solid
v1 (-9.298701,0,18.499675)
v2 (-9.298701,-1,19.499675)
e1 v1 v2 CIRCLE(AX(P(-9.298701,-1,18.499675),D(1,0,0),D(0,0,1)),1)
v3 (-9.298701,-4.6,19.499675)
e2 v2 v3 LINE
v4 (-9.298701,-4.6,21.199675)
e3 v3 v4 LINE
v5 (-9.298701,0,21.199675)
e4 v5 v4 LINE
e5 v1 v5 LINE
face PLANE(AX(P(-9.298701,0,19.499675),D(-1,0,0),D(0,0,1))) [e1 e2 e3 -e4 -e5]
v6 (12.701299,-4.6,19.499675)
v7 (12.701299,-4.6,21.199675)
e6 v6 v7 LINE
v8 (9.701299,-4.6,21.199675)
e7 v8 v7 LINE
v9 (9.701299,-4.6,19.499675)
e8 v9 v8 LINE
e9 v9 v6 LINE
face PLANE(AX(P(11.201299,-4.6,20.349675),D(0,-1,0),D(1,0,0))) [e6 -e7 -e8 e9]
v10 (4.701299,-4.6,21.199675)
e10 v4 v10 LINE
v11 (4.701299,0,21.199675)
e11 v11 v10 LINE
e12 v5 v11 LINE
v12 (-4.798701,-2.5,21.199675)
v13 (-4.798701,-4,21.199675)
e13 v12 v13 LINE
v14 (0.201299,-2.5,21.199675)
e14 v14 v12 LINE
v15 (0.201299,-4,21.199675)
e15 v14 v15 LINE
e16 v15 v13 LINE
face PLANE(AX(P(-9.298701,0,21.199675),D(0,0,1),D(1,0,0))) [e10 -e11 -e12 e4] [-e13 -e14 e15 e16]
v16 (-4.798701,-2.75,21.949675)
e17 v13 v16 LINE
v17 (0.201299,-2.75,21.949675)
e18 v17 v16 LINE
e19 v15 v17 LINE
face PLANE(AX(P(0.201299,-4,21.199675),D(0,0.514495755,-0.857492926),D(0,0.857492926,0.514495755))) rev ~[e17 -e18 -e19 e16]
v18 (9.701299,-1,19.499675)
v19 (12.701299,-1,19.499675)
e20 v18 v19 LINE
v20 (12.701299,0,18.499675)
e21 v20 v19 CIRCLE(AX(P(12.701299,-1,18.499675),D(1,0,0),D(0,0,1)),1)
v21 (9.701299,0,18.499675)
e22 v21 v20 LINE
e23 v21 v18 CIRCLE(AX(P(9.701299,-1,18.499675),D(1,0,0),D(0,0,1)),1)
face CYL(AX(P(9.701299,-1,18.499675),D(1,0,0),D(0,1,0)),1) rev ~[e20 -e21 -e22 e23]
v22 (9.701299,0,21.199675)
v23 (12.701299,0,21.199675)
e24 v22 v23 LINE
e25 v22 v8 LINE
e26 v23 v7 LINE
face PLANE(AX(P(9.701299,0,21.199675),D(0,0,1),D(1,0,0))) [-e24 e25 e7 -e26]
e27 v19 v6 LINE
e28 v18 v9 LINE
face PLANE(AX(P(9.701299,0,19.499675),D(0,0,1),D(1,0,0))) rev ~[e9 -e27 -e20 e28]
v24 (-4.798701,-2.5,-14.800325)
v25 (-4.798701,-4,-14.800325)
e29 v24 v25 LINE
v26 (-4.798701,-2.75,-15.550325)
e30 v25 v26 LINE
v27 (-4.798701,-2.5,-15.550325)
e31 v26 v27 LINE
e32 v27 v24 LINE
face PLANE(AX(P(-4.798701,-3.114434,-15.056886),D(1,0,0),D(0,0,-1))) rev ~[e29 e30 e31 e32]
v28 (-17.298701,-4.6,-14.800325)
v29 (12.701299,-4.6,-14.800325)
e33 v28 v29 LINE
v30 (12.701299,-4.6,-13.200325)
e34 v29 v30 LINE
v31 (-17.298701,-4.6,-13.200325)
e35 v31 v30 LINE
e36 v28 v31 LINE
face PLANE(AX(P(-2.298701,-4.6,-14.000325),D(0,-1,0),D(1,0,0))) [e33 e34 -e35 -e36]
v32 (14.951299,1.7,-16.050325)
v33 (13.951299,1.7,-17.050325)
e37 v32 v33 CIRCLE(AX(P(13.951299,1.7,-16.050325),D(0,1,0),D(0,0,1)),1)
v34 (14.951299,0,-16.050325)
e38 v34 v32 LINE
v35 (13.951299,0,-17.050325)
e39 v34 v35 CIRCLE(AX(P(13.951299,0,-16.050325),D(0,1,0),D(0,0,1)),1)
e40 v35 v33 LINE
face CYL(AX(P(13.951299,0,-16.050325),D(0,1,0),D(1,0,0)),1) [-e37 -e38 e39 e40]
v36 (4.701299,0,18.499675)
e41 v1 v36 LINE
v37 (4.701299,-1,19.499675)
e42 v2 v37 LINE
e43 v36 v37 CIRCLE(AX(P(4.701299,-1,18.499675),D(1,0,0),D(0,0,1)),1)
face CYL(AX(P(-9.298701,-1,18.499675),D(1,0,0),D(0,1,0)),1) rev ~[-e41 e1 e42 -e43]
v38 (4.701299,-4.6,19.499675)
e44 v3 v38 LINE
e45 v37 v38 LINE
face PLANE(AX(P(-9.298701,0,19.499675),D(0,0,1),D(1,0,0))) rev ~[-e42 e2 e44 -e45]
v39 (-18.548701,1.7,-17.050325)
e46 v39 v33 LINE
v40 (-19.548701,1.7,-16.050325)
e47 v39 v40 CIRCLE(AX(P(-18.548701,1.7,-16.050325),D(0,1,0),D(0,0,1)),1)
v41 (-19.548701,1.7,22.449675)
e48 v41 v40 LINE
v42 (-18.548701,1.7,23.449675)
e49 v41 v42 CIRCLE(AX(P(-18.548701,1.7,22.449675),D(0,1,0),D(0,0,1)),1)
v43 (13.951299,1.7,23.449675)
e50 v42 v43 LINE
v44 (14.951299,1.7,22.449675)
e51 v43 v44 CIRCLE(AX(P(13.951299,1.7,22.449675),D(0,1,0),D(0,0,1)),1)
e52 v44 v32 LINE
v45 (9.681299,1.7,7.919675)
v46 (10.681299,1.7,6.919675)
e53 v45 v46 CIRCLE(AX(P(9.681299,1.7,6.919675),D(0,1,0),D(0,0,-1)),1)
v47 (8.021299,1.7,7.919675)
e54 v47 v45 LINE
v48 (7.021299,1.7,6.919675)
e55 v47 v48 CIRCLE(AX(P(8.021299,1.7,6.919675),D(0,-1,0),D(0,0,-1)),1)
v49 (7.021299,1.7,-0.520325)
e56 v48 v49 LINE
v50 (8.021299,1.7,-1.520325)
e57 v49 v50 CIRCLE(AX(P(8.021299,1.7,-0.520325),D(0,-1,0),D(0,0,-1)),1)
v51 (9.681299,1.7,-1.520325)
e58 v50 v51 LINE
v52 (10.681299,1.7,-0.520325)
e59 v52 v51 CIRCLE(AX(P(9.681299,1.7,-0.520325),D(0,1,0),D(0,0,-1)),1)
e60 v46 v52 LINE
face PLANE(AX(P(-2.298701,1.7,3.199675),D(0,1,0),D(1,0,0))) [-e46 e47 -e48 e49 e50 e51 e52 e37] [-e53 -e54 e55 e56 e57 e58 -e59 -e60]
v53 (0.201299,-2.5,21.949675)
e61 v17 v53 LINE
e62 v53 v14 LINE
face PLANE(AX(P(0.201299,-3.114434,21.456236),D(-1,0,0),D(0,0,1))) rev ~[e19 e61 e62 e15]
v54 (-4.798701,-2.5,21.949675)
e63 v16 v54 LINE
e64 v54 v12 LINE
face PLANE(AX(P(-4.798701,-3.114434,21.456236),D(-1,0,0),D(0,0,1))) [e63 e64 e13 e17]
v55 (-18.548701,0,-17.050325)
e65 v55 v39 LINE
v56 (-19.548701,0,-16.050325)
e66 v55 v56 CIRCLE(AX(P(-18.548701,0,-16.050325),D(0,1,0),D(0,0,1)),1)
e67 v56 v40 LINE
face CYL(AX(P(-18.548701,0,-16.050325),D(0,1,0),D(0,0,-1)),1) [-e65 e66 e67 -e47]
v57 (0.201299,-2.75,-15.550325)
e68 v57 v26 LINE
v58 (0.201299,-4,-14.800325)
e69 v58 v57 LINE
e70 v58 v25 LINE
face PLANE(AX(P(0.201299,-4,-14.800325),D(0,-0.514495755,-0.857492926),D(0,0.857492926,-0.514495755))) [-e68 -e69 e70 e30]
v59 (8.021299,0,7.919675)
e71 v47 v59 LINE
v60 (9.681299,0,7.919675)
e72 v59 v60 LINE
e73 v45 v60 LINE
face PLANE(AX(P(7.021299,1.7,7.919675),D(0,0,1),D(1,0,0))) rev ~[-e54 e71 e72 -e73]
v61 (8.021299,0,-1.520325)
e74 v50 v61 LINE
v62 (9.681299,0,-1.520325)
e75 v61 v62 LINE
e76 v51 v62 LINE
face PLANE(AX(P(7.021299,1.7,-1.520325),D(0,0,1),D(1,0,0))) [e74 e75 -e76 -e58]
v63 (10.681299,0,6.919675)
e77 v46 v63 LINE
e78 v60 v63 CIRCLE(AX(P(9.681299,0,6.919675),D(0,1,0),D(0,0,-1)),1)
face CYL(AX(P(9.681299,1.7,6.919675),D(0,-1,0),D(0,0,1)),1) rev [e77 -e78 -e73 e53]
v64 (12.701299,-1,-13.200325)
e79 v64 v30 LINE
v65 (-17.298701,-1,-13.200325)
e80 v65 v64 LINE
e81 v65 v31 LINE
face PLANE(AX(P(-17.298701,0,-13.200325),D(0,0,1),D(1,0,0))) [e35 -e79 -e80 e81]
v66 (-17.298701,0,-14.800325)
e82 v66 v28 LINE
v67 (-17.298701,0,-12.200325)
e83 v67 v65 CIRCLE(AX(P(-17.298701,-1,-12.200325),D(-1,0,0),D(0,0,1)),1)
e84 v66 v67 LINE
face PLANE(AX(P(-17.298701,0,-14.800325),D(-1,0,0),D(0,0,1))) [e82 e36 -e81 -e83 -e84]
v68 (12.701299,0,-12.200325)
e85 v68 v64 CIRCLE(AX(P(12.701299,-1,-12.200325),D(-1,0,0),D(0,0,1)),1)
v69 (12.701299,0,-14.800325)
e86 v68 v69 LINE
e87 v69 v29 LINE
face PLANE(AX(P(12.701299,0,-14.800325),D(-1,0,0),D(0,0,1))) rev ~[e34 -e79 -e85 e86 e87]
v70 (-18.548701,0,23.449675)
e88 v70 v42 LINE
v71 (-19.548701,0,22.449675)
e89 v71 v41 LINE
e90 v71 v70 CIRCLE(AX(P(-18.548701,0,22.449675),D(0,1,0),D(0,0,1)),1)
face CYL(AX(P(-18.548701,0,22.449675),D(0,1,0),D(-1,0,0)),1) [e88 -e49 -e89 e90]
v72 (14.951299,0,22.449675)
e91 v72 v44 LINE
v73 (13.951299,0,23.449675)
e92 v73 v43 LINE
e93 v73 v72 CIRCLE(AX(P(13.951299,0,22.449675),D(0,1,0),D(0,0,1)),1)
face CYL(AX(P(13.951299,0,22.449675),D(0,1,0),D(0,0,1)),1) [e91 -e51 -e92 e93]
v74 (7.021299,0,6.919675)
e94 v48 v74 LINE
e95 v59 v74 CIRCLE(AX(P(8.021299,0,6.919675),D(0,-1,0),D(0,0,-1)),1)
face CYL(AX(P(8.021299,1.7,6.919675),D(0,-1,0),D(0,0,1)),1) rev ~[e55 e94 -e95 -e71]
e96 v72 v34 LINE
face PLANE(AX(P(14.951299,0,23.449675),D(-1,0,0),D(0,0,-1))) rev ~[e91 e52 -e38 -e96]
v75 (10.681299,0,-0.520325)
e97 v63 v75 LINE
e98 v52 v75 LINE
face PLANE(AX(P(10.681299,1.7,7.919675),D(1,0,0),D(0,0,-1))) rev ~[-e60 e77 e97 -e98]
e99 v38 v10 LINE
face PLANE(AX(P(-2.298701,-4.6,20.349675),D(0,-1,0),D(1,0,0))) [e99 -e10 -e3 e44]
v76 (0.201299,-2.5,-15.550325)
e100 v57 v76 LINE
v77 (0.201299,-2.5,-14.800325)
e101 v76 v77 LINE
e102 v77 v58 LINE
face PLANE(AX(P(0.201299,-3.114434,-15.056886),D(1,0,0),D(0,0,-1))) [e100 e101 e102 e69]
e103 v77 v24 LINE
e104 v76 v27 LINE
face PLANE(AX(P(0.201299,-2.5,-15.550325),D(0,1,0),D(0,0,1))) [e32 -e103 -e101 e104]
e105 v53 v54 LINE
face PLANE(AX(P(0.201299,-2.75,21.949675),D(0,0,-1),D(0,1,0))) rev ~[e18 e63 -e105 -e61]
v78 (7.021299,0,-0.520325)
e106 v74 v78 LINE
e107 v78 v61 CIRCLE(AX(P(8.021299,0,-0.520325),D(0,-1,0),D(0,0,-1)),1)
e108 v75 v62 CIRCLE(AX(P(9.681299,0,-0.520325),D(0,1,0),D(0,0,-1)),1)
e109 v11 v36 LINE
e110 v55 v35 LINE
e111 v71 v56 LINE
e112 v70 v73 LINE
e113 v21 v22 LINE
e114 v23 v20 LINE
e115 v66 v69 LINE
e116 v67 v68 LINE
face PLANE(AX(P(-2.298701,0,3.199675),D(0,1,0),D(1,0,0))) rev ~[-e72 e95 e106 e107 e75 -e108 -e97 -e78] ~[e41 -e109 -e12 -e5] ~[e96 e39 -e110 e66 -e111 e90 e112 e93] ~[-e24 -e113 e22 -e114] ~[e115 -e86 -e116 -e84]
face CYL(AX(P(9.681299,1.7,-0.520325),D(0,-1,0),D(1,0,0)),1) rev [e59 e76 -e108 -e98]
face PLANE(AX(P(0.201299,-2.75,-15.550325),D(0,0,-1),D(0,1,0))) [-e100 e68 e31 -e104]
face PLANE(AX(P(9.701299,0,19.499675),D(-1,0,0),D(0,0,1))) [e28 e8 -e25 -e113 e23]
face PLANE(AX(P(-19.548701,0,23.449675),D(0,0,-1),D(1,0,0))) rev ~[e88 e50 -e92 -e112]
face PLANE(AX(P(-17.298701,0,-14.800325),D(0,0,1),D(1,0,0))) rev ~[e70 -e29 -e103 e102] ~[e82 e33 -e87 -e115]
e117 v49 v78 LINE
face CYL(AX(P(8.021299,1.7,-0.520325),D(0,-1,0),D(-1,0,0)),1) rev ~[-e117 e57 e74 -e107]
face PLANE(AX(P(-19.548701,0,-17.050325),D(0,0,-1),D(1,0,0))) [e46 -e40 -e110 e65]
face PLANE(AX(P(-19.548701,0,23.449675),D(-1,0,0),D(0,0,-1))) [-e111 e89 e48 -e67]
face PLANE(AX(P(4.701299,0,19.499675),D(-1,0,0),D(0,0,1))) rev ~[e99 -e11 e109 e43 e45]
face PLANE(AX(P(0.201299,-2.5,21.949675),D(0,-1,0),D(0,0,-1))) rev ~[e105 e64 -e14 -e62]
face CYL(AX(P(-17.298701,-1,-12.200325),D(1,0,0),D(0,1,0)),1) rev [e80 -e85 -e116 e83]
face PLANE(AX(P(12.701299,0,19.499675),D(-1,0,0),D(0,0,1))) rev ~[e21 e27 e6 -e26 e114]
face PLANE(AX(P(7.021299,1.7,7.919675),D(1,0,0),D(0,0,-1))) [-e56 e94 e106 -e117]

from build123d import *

# Parameters (mm, degrees)
SKETCH1_W           = 34.5
SKETCH1_H           = 40.5
BOSS_EXTRUDE1_DEPTH = 1.7
SKETCH2_W           = 3.66
SKETCH2_H           = 9.44
CUT_EXTRUDE1_DEPTH  = 1.7
FILLET1_R           = 1
FILLET2_R           = 1
FILLET3_R           = 1
FILLET4_R           = 1
FILLET5_R           = 1
FILLET6_R           = 1
FILLET7_R           = 1
FILLET8_R           = 1
SKETCH3_W           = 30
SKETCH3_H           = 1.6
BOSS_EXTRUDE2_DEPTH = 4.6
SKETCH4_W           = 3
SKETCH4_H           = 1.7
SKETCH4_W_2         = 14
BOSS_EXTRUDE3_DEPTH = 4.6
BOSS_EXTRUDE4_START = -14.75
BOSS_EXTRUDE4_DEPTH = 5
FILLET9_R           = 1
FILLET10_R          = 1
FILLET11_R          = 1


with BuildPart() as part:
    # Sketch1 → Boss-Extrude1 (new body)
    with BuildSketch(Plane(origin=(0, 0, 0), x_dir=(1, 0, 0), z_dir=(0, 1, 0))):
        with Locations((-2.298701299, -3.199675325)):
            Rectangle(SKETCH1_W, SKETCH1_H)
    extrude(amount=BOSS_EXTRUDE1_DEPTH)

    # Sketch2 → Cut-Extrude1 (cut)
    with BuildSketch(Plane(origin=(0, 1.7, 0), x_dir=(1, 0, 0), z_dir=(0, 1, 0))):
        with Locations((8.851298701, -3.199675325)):
            Rectangle(SKETCH2_W, SKETCH2_H)
    extrude(amount=-CUT_EXTRUDE1_DEPTH, mode=Mode.SUBTRACT)

    # Fillet1
    fillet1_edges = [part.edges().sort_by_distance(p)[0] for p in [
        (14.951298701, 0.85, 23.449675325),
    ]]
    fillet(fillet1_edges, radius=FILLET1_R)

    # Fillet2
    fillet2_edges = [part.edges().sort_by_distance(p)[0] for p in [
        (14.951298701, 0.85, -17.050324675),
    ]]
    fillet(fillet2_edges, radius=FILLET2_R)

    # Fillet3
    fillet3_edges = [part.edges().sort_by_distance(p)[0] for p in [
        (-19.548701299, 0.85, -17.050324675),
    ]]
    fillet(fillet3_edges, radius=FILLET3_R)

    # Fillet4
    fillet4_edges = [part.edges().sort_by_distance(p)[0] for p in [
        (-19.548701299, 0.85, 23.449675325),
    ]]
    fillet(fillet4_edges, radius=FILLET4_R)

    # Fillet5
    fillet5_edges = [part.edges().sort_by_distance(p)[0] for p in [
        (7.021298701, 0.85, 7.919675325),
    ]]
    fillet(fillet5_edges, radius=FILLET5_R)

    # Fillet6
    fillet6_edges = [part.edges().sort_by_distance(p)[0] for p in [
        (7.021298701, 0.85, -1.520324675),
    ]]
    fillet(fillet6_edges, radius=FILLET6_R)

    # Fillet7
    fillet7_edges = [part.edges().sort_by_distance(p)[0] for p in [
        (10.681298701, 0.85, 7.919675325),
    ]]
    fillet(fillet7_edges, radius=FILLET7_R)

    # Fillet8
    fillet8_edges = [part.edges().sort_by_distance(p)[0] for p in [
        (10.681298701, 0.85, -1.520324675),
    ]]
    fillet(fillet8_edges, radius=FILLET8_R)

    # Sketch3 → Boss-Extrude2 (add)
    with BuildSketch(Plane.XZ):
        with Locations((-2.298701299, -14.000324675)):
            Rectangle(SKETCH3_W, SKETCH3_H)
    extrude(amount=BOSS_EXTRUDE2_DEPTH)

    # Sketch4 → Boss-Extrude3 (add)
    with BuildSketch(Plane.XZ):
        with Locations((11.201298701, 20.349675325)):
            Rectangle(SKETCH4_W, SKETCH4_H)
        with Locations((-2.298701299, 20.349675325)):
            Rectangle(SKETCH4_W_2, SKETCH4_H)
    extrude(amount=BOSS_EXTRUDE3_DEPTH)

    # Sketch5 → Boss-Extrude4 (add)
    with BuildSketch(Plane(origin=(14.951298701, 0, 0), x_dir=(0, 0, -1), z_dir=(1, 0, 0)).offset(BOSS_EXTRUDE4_START)):
        Polygon((14.800324675, -2.5), (14.800324675, -4), (15.550324675, -2.75), (15.550324675, -2.5), align=None)
        Polygon((-21.949675325, -2.5), (-21.199675325, -2.5), (-21.199675325, -4), (-21.949675325, -2.75), align=None)
    extrude(amount=-BOSS_EXTRUDE4_DEPTH)

    # Fillet9
    fillet9_edges = [part.edges().sort_by_distance(p)[0] for p in [
        (11.201298701, 0, 19.499675325),
    ]]
    fillet(fillet9_edges, radius=FILLET9_R)

    # Fillet10
    fillet10_edges = [part.edges().sort_by_distance(p)[0] for p in [
        (-2.298701299, 0, 19.499675325),
    ]]
    fillet(fillet10_edges, radius=FILLET10_R)

    # Fillet11
    fillet11_edges = [part.edges().sort_by_distance(p)[0] for p in [
        (-2.298701299, 0, -13.200324675),
    ]]
    fillet(fillet11_edges, radius=FILLET11_R)


solid = part.part
